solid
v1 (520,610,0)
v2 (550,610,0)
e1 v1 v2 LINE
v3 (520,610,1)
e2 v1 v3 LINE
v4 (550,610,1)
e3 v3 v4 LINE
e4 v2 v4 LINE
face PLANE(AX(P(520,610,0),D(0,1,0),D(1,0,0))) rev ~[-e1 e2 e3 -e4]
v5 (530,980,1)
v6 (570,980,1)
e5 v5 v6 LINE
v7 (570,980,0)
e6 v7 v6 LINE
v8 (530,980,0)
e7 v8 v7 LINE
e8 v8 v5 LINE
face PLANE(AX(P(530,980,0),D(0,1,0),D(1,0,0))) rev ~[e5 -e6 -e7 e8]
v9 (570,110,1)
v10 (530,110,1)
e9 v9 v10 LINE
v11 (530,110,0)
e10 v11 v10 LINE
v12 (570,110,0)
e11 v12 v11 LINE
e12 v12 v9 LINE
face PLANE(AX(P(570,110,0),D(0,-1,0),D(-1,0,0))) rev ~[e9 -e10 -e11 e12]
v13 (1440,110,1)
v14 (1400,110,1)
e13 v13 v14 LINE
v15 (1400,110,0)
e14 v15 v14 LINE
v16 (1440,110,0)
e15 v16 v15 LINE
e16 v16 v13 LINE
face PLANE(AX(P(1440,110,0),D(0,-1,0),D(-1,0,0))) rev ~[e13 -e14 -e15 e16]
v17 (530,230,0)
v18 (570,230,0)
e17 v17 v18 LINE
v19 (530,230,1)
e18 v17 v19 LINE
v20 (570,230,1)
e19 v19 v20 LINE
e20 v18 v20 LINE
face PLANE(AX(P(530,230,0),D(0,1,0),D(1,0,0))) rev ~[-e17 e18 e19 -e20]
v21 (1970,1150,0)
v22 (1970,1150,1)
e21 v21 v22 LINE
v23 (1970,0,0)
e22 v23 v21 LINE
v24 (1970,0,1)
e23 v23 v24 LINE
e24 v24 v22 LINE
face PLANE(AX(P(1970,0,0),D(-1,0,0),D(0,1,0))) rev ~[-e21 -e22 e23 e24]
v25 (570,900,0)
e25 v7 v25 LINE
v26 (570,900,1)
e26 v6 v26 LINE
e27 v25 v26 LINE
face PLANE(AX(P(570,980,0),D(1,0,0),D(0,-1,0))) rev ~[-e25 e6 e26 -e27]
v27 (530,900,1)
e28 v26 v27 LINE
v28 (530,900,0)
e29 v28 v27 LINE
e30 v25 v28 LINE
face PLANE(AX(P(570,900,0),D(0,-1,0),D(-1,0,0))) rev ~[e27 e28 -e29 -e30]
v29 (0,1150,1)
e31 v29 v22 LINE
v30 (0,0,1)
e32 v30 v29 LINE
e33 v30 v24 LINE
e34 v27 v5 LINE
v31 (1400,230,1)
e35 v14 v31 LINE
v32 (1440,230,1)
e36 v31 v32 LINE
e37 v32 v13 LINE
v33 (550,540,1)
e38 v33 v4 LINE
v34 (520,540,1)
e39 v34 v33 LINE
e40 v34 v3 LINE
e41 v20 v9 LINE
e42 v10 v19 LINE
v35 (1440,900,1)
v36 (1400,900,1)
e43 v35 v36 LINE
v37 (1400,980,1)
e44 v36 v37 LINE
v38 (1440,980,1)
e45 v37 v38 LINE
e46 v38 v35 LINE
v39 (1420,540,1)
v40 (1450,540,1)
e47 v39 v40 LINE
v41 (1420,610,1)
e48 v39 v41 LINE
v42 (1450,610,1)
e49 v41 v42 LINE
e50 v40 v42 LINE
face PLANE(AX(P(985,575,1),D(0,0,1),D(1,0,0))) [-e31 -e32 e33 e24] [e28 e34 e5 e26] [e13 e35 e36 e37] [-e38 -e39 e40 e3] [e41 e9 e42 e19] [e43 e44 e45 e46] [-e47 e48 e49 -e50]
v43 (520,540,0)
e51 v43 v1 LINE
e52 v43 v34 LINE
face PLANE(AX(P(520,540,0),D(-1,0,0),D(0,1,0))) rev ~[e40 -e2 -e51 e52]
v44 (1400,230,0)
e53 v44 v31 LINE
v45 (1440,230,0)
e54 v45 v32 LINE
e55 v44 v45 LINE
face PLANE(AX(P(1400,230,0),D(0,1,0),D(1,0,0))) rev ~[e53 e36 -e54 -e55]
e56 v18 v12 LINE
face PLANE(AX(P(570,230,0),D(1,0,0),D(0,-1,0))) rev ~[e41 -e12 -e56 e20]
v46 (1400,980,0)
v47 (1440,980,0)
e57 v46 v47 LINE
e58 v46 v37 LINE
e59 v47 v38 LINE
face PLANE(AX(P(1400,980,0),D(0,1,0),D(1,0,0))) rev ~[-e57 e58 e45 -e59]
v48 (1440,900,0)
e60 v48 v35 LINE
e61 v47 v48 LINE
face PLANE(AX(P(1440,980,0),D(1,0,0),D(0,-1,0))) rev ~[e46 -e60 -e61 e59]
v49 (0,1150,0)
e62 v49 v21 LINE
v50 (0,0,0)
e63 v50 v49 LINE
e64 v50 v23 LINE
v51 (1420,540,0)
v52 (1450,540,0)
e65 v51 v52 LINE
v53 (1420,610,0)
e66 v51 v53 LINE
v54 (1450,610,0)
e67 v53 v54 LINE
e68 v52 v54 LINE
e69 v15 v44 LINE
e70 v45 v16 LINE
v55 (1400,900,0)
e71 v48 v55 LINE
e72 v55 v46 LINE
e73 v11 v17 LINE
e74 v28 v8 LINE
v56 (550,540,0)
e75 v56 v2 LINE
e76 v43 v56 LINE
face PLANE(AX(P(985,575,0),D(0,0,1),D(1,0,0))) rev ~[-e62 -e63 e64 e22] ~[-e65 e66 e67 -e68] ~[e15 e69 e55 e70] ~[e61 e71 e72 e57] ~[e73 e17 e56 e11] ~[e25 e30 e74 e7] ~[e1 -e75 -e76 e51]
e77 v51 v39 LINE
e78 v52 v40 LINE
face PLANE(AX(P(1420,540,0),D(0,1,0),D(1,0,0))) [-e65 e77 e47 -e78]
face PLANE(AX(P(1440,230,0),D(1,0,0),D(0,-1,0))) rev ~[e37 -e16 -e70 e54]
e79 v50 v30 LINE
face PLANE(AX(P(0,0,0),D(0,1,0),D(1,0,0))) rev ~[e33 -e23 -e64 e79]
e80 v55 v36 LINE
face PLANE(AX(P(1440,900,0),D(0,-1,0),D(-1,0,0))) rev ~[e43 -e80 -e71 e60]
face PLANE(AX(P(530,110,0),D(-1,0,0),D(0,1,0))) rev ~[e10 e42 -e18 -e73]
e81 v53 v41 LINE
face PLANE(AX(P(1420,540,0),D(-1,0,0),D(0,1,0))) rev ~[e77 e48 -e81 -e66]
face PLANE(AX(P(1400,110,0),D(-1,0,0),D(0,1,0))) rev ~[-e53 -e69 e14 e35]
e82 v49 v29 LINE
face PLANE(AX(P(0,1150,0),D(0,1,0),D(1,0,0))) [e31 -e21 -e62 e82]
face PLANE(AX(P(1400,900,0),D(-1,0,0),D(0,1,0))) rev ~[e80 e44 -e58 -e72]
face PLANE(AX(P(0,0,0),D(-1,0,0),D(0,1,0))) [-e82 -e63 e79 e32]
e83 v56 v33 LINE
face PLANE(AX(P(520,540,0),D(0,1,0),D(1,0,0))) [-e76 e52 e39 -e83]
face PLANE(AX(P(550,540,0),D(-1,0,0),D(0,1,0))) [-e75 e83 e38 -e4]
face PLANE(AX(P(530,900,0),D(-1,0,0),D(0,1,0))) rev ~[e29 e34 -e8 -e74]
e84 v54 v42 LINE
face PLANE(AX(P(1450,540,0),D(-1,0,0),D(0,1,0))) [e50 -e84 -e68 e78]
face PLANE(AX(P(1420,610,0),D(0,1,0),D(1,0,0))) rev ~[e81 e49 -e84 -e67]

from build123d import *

# Parameters (mm, degrees)
F0_W     = 1970
F0_H     = 1150
F0_W_2   = 30
F0_H_2   = 70
F1_DEPTH = 1


with BuildPart() as f1:
    # F0 (on Top) → F1 (new body)
    with BuildSketch(Plane.XY):
        with Locations((985, 575)):
            Rectangle(F0_W, F0_H)
        Polygon((570, 110), (550, 110), (530, 110), (530, 230), (550, 230), (570, 230), align=None, mode=Mode.SUBTRACT)
        Polygon((1420, 230), (1440, 230), (1440, 110), (1420, 110), (1400, 110), (1400, 230), align=None, mode=Mode.SUBTRACT)
        with Locations((535, 575)):
            Rectangle(F0_W_2, F0_H_2, mode=Mode.SUBTRACT)
        Polygon((570, 900), (550, 900), (530, 900), (530, 980), (550, 980), (570, 980), align=None, mode=Mode.SUBTRACT)
        with Locations((1435, 575)):
            Rectangle(F0_W_2, F0_H_2, mode=Mode.SUBTRACT)
        Polygon((1440, 980), (1440, 900), (1420, 900), (1400, 900), (1400, 980), (1420, 980), align=None, mode=Mode.SUBTRACT)
    extrude(amount=F1_DEPTH)


solid = f1.part
